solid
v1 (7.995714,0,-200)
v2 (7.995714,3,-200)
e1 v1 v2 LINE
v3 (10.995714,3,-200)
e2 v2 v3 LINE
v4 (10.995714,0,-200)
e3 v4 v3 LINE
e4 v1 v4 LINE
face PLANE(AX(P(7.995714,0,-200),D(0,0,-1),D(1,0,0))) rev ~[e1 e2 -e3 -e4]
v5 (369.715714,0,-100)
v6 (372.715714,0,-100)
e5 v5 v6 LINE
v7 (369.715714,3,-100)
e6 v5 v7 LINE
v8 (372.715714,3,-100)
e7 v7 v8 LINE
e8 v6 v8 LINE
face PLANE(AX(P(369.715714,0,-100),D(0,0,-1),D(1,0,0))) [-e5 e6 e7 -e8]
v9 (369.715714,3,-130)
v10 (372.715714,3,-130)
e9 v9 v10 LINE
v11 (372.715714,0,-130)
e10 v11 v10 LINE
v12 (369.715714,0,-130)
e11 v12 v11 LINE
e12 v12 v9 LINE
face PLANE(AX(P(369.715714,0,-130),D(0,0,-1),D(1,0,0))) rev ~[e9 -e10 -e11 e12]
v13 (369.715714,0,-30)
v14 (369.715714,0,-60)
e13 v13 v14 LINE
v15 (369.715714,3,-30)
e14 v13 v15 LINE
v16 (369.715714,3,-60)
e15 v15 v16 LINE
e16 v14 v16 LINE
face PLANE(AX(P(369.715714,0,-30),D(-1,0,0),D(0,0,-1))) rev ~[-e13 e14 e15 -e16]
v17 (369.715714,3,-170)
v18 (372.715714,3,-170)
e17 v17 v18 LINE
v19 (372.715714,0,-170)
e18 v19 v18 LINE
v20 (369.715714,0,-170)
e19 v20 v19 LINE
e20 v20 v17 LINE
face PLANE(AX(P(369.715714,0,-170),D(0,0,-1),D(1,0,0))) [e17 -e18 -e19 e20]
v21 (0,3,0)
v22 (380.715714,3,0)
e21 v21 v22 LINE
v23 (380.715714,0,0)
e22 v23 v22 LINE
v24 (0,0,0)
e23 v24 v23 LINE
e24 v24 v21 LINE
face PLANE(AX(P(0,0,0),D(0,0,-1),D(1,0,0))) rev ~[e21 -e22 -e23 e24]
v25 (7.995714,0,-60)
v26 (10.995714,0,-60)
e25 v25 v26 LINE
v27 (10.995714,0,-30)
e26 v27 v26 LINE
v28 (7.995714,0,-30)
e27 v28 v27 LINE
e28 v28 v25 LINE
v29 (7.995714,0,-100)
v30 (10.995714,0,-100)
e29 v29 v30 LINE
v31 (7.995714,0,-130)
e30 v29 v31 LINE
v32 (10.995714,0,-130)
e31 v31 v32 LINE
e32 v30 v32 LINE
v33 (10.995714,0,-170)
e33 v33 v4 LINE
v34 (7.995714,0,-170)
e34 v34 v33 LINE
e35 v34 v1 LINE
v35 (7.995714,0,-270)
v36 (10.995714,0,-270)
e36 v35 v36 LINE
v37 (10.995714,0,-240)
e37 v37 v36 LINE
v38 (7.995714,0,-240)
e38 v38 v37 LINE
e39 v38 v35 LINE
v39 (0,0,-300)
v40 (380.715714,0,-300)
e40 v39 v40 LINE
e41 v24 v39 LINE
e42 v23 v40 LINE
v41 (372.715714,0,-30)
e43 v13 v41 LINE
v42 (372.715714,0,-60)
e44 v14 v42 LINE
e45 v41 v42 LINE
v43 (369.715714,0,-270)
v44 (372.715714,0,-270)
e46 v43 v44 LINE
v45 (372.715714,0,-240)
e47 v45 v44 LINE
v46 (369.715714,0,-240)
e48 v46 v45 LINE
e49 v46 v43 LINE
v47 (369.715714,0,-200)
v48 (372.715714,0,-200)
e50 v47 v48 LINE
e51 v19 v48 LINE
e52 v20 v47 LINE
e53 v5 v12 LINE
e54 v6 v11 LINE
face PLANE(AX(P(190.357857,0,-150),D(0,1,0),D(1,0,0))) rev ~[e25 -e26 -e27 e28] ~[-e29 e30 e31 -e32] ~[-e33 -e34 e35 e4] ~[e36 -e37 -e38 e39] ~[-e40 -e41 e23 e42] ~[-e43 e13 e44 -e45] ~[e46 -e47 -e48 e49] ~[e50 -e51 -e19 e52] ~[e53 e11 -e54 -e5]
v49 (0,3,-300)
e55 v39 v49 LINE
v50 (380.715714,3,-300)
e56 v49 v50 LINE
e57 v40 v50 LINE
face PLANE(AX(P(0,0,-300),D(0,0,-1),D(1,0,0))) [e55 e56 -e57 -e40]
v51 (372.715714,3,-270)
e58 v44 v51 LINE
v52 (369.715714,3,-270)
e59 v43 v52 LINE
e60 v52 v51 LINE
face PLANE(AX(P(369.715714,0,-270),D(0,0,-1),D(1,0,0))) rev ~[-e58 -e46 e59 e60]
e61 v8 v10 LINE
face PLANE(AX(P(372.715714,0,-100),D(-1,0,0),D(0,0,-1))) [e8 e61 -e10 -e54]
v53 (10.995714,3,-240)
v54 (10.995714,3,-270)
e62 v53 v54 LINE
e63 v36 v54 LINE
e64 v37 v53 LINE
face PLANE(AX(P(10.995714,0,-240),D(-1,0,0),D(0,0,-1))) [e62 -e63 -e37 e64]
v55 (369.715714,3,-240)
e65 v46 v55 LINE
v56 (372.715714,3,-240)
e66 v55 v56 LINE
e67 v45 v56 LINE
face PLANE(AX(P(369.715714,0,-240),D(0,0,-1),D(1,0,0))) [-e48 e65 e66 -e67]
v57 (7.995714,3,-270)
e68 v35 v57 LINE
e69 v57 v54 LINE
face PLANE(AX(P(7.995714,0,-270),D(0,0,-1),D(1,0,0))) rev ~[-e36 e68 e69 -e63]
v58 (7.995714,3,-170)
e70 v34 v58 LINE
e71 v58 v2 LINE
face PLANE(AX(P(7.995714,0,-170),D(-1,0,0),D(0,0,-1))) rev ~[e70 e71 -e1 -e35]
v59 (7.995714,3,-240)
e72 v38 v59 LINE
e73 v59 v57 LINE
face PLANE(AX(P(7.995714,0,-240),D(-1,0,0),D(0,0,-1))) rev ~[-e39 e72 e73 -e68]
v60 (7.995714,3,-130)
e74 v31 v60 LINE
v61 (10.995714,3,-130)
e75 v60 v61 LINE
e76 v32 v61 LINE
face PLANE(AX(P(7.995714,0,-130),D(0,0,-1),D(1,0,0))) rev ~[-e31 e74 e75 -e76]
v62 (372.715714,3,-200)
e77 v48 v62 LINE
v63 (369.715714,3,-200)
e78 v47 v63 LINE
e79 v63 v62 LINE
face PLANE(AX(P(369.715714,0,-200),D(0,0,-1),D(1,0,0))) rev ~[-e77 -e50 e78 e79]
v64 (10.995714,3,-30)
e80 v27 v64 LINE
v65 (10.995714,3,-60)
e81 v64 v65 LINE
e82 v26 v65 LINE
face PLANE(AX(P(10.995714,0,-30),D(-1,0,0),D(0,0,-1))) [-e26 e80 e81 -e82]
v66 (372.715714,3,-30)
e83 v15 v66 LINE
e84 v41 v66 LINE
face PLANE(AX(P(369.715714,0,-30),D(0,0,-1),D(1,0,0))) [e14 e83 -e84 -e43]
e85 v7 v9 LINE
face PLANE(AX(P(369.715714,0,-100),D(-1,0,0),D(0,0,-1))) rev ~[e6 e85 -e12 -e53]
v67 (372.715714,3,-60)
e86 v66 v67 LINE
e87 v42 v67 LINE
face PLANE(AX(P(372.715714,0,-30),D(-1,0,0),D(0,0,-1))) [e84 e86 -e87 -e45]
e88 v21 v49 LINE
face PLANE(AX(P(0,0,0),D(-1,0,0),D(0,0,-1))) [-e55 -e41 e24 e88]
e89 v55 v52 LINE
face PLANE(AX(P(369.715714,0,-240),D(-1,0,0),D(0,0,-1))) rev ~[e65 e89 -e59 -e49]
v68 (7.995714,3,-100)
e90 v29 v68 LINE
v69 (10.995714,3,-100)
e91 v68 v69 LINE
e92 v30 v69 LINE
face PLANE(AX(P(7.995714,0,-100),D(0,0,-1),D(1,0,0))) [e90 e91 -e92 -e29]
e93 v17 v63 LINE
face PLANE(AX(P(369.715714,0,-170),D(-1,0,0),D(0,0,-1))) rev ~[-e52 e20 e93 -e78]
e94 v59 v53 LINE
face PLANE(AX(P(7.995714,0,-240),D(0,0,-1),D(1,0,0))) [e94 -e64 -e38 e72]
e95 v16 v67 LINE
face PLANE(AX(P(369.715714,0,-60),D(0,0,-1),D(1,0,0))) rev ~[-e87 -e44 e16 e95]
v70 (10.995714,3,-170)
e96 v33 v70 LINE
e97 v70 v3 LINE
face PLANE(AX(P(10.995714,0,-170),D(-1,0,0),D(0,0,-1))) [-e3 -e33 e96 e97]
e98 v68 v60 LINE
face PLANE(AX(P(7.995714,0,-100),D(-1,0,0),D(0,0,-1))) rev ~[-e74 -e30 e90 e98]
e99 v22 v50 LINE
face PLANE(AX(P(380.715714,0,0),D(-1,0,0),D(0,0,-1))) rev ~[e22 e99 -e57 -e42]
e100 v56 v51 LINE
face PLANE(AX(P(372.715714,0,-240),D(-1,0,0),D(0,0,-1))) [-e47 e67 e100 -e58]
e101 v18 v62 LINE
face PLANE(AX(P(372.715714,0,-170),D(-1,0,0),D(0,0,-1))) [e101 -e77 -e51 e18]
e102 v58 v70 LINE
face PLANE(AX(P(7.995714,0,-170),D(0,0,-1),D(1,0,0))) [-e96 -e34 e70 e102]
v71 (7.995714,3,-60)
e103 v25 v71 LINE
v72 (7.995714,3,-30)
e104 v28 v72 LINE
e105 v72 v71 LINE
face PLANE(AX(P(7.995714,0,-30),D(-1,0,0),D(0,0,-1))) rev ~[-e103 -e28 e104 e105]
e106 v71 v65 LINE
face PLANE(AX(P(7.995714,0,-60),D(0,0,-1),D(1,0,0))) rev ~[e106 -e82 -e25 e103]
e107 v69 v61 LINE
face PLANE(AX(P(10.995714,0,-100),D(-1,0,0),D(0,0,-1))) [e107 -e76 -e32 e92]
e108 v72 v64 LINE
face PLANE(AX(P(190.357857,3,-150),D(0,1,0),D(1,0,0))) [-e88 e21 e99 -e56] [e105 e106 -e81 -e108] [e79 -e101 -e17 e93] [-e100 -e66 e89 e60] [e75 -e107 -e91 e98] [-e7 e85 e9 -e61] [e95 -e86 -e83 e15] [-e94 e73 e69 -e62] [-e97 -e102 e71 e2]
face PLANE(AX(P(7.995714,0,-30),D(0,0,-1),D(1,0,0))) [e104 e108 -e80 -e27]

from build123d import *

# Parameters (mm, degrees)
SKETCH1_W           = 380.715714286
SKETCH1_H           = 300
SKETCH1_W_2         = 3
SKETCH1_H_2         = 30
BOSS_EXTRUDE1_DEPTH = 3


with BuildPart() as part:
    # Sketch1 → Boss-Extrude1 (new body)
    with BuildSketch(Plane(origin=(0, 0, 0), x_dir=(1, 0, 0), z_dir=(0, 1, 0))):
        with Locations((190.357857143, 150)):
            Rectangle(SKETCH1_W, SKETCH1_H)
        with Locations((9.495714286, 255)):
            Rectangle(SKETCH1_W_2, SKETCH1_H_2, mode=Mode.SUBTRACT)
        with Locations((9.495714286, 185)):
            Rectangle(SKETCH1_W_2, SKETCH1_H_2, mode=Mode.SUBTRACT)
        with Locations((9.495714286, 115)):
            Rectangle(SKETCH1_W_2, SKETCH1_H_2, mode=Mode.SUBTRACT)
        with Locations((9.495714286, 45)):
            Rectangle(SKETCH1_W_2, SKETCH1_H_2, mode=Mode.SUBTRACT)
        with Locations((371.215714286, 45)):
            Rectangle(SKETCH1_W_2, SKETCH1_H_2, mode=Mode.SUBTRACT)
        with Locations((371.215714286, 115)):
            Rectangle(SKETCH1_W_2, SKETCH1_H_2, mode=Mode.SUBTRACT)
        with Locations((371.215714286, 185)):
            Rectangle(SKETCH1_W_2, SKETCH1_H_2, mode=Mode.SUBTRACT)
        with Locations((371.215714286, 255)):
            Rectangle(SKETCH1_W_2, SKETCH1_H_2, mode=Mode.SUBTRACT)
    extrude(amount=BOSS_EXTRUDE1_DEPTH)


solid = part.part
